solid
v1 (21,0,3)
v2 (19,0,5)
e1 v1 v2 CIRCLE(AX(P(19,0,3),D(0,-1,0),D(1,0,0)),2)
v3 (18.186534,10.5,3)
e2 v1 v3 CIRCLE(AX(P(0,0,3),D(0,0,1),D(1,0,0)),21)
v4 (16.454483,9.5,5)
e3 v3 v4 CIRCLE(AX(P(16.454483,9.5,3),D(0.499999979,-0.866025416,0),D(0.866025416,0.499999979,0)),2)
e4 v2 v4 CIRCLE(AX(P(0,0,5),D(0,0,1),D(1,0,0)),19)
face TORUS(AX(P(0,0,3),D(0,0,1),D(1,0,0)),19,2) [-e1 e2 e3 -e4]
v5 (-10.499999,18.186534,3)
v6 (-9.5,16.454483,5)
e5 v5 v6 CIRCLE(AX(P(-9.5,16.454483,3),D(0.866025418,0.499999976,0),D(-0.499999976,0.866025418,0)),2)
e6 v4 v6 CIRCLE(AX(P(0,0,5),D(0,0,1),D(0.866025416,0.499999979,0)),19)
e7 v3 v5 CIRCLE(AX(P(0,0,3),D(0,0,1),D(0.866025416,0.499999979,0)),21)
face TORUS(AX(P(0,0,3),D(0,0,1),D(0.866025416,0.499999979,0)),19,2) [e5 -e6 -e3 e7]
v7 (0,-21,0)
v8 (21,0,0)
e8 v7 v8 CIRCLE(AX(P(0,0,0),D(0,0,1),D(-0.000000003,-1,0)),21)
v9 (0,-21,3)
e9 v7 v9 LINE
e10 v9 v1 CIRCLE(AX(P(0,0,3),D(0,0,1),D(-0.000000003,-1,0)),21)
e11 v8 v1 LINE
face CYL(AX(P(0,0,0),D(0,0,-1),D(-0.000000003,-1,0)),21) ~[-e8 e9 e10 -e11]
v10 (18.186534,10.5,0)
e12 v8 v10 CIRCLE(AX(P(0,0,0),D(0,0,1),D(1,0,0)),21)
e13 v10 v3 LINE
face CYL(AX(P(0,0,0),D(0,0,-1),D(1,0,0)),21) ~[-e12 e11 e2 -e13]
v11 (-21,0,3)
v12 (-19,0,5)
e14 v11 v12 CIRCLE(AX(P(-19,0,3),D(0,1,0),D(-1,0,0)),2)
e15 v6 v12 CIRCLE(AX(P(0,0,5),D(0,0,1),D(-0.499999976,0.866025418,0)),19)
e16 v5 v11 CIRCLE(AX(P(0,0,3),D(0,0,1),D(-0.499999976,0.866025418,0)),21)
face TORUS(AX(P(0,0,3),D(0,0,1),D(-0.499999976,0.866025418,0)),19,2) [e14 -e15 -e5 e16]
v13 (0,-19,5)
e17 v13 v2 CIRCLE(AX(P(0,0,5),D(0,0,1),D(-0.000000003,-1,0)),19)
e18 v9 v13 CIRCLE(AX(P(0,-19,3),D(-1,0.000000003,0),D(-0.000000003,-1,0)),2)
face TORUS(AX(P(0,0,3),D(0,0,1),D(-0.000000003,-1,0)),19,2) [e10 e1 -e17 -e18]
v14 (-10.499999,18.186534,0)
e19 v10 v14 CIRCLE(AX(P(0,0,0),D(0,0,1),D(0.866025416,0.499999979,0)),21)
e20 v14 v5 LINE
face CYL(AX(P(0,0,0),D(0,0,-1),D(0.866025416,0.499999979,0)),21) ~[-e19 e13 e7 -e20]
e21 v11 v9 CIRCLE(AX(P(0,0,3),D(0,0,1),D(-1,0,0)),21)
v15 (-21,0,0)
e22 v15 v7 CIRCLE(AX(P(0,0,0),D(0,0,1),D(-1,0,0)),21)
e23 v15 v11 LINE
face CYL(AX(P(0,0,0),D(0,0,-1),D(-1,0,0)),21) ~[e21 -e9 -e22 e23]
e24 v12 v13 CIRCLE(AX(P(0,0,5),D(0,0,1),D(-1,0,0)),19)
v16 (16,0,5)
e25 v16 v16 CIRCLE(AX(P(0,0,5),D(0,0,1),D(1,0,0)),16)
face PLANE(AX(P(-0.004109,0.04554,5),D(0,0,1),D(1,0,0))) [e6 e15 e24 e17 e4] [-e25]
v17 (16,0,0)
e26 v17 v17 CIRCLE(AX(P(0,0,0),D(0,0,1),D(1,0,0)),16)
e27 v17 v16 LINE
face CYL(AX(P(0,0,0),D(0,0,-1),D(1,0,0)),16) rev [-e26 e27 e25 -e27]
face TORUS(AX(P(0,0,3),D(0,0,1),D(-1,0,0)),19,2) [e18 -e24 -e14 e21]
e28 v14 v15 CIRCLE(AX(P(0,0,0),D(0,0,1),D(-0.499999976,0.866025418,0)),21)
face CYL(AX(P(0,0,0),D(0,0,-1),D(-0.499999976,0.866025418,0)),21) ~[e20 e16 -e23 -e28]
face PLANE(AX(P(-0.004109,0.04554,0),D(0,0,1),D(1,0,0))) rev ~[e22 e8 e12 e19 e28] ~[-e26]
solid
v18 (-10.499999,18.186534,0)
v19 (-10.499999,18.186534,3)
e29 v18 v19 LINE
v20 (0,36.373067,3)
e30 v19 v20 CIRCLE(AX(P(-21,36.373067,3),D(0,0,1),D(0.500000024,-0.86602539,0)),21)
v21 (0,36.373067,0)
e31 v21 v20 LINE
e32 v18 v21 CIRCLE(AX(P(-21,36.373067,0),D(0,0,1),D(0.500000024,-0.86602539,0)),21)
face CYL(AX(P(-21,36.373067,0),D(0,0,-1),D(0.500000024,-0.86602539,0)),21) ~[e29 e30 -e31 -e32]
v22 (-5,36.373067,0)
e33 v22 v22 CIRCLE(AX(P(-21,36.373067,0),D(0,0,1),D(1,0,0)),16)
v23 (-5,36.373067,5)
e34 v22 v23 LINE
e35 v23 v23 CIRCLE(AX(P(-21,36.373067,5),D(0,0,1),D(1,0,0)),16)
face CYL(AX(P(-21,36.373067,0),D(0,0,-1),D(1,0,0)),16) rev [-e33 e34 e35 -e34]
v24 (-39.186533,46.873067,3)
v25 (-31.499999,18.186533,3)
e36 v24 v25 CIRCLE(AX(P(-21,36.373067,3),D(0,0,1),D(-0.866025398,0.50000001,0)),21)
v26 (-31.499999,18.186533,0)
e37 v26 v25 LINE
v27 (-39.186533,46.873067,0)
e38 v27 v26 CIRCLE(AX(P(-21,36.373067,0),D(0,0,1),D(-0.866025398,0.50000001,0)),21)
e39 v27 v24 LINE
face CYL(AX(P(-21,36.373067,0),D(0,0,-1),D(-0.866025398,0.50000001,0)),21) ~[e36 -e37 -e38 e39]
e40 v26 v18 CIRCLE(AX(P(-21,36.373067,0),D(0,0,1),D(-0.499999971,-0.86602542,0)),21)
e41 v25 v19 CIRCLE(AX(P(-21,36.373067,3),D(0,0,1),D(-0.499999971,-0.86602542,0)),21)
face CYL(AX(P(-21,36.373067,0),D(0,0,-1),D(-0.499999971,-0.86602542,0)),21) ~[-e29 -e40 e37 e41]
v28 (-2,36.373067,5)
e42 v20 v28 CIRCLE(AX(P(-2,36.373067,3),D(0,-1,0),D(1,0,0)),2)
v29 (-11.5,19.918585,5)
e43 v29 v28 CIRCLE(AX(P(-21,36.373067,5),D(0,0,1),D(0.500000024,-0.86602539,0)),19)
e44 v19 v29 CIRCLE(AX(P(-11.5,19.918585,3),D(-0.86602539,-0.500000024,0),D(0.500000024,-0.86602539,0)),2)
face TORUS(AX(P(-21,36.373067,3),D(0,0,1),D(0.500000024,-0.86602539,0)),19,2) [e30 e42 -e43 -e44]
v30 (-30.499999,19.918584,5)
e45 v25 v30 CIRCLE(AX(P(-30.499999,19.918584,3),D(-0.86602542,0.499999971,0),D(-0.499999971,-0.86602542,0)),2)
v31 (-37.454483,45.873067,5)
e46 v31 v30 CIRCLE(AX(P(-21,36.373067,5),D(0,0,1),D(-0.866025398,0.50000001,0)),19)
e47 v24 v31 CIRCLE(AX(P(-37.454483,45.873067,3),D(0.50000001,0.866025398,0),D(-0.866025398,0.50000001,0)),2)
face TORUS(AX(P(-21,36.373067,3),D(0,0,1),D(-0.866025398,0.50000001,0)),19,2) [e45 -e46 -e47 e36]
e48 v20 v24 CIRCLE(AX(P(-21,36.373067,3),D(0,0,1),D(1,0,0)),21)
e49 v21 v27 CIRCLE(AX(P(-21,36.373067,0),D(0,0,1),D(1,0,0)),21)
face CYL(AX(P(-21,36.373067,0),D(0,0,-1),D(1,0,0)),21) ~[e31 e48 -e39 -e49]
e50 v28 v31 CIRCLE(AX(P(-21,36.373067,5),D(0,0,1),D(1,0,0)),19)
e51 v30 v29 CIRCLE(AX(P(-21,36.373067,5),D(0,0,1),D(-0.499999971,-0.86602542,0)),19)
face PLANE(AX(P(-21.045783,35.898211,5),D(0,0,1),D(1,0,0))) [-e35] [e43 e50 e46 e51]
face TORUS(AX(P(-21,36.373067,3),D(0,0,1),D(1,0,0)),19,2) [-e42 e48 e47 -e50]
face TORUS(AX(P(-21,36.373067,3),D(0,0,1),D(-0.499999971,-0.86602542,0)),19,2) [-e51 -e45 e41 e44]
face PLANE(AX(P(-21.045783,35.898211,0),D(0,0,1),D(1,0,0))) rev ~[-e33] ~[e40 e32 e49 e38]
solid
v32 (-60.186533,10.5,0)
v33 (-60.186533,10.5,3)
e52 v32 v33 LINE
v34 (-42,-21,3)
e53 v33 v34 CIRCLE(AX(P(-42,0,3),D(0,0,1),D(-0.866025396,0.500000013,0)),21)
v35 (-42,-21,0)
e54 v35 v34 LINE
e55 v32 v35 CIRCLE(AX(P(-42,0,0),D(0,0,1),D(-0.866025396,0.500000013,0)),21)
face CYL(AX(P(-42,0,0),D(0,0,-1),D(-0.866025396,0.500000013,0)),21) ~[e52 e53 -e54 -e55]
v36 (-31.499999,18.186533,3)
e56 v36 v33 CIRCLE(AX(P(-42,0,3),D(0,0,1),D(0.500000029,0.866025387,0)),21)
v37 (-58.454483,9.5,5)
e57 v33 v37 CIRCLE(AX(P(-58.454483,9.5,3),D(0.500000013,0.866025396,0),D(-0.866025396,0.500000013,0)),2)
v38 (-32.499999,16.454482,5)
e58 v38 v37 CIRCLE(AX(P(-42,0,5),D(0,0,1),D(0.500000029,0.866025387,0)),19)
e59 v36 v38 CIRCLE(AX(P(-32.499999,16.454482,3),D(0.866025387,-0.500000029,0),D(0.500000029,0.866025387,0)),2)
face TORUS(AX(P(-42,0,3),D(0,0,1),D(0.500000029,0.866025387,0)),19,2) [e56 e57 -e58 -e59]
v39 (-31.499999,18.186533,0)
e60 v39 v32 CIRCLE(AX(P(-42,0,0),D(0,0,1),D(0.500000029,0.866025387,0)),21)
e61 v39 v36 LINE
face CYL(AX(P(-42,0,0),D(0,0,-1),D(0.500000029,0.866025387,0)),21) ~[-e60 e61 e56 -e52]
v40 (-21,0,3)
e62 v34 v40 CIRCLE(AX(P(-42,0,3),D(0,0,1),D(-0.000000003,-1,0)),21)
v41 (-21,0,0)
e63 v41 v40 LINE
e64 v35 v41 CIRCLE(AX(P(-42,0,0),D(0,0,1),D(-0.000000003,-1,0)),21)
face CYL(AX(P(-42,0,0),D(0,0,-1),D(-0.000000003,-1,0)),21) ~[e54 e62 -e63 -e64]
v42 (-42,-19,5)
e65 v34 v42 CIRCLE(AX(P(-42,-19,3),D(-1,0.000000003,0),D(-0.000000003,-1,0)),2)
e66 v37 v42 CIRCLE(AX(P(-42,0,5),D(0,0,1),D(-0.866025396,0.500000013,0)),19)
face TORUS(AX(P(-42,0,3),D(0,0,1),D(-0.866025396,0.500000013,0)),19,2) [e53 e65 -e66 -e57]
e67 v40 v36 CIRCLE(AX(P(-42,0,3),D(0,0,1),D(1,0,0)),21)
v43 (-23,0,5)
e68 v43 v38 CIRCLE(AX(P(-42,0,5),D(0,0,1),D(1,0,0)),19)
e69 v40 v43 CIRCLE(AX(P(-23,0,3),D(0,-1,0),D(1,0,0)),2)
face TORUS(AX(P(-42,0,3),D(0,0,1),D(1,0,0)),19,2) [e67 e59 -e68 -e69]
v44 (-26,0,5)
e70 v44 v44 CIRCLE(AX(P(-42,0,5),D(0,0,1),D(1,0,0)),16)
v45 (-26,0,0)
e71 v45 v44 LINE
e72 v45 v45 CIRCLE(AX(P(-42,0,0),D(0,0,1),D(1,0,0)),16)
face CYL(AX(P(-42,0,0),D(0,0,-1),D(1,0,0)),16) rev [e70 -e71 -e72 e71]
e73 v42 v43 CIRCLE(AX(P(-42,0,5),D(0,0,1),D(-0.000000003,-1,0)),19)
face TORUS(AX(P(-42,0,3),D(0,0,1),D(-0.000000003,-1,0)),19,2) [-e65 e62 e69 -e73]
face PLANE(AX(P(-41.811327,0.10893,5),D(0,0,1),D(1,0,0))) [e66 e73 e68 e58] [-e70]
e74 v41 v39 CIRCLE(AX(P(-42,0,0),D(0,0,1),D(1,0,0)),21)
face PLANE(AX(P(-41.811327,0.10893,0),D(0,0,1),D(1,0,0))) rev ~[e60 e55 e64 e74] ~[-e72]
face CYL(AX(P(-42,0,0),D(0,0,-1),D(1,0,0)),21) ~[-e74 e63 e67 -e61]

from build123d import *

# Parameters (mm, degrees)
F0_R     = 16
F1_DEPTH = 5
F2_R     = 2
F2_2_R   = 2
F2_3_R   = 2


with BuildPart() as f1:
    # F0 (on Top) → F1 (new body)
    with BuildSketch(Plane.XY):
        with BuildLine():
            ThreePointArc((-42.0000000626, -21), (-27.1507576172, -14.849242427), (-21, 0))
            ThreePointArc((-21, 0), (-23.8134663476, 10.4999997004), (-31.4999994009, 18.1865331336))
            ThreePointArc((-31.4999994009, 18.1865331336), (-47.4351994623, 20.284442482), (-60.1865333234, 10.5000002703))
            ThreePointArc((-60.1865333234, 10.5000002703), (-60.1865335731, -10.4999998378), (-42.0000000626, -21))
        make_face()
        with Locations((-42, 0)):
            Circle(F0_R, mode=Mode.SUBTRACT)
    extrude(amount=F1_DEPTH)

    # F2
    f2_edges = [f1.edges().sort_by_distance(p)[0] for p in [
        (-42, 21, 5),
    ]]
    fillet(f2_edges, radius=F2_R)


with BuildPart() as f1b:
    # F0 (on Top) → F1, piece 2 (new body)
    with BuildSketch(Plane.XY):
        with BuildLine():
            ThreePointArc((-6.26e-08, -21), (14.8492423828, -14.849242427), (21, 0))
            ThreePointArc((21, 0), (20.2844424165, 5.4351997065), (18.1865337286, 10.4999995685))
            ThreePointArc((18.1865337286, 10.4999995685), (5.4352004706, 20.2844422118), (-10.4999994928, 18.1865337723))
            ThreePointArc((-10.4999994928, 18.1865337723), (-18.1865333331, 10.5000002536), (-21, 0))
            ThreePointArc((-21, 0), (-14.849242427, -14.8492423828), (-6.26e-08, -21))
        make_face()
        Circle(F0_R, mode=Mode.SUBTRACT)
    extrude(amount=F1_DEPTH)

    # F2#2
    f2_2_edges = [f1b.edges().sort_by_distance(p)[0] for p in [
        (-18.186534, -10.5, 5),
    ]]
    fillet(f2_2_edges, radius=F2_2_R)


with BuildPart() as f1c:
    # F0 (on Top) → F1, piece 3 (new body)
    with BuildSketch(Plane.XY):
        with BuildLine():
            ThreePointArc((-31.4999994009, 18.1865331336), (-20.9999993613, 15.3730669589), (-10.4999994928, 18.1865337723))
            ThreePointArc((-10.4999994928, 18.1865337723), (-2.8134663741, 25.8730672125), (0, 36.3730669589))
            ThreePointArc((0, 36.3730669589), (-0.7155577531, 41.8082672987), (-2.813466927, 46.873067663))
            ThreePointArc((-2.813466927, 46.873067663), (-21.0000002875, 57.3730669589), (-39.1865333605, 46.8730671651))
            ThreePointArc((-39.1865333605, 46.8730671651), (-41.2844422933, 30.9378667926), (-31.4999994009, 18.1865331336))
        make_face()
        with Locations((-21, 36.3730669589)):
            Circle(F0_R, mode=Mode.SUBTRACT)
    extrude(amount=F1_DEPTH)

    # F2#3
    f2_3_edges = [f1c.edges().sort_by_distance(p)[0] for p in [
        (-10.500001, 54.559601, 5),
    ]]
    fillet(f2_3_edges, radius=F2_3_R)


solid = Compound([f1.part, f1b.part, f1c.part])
